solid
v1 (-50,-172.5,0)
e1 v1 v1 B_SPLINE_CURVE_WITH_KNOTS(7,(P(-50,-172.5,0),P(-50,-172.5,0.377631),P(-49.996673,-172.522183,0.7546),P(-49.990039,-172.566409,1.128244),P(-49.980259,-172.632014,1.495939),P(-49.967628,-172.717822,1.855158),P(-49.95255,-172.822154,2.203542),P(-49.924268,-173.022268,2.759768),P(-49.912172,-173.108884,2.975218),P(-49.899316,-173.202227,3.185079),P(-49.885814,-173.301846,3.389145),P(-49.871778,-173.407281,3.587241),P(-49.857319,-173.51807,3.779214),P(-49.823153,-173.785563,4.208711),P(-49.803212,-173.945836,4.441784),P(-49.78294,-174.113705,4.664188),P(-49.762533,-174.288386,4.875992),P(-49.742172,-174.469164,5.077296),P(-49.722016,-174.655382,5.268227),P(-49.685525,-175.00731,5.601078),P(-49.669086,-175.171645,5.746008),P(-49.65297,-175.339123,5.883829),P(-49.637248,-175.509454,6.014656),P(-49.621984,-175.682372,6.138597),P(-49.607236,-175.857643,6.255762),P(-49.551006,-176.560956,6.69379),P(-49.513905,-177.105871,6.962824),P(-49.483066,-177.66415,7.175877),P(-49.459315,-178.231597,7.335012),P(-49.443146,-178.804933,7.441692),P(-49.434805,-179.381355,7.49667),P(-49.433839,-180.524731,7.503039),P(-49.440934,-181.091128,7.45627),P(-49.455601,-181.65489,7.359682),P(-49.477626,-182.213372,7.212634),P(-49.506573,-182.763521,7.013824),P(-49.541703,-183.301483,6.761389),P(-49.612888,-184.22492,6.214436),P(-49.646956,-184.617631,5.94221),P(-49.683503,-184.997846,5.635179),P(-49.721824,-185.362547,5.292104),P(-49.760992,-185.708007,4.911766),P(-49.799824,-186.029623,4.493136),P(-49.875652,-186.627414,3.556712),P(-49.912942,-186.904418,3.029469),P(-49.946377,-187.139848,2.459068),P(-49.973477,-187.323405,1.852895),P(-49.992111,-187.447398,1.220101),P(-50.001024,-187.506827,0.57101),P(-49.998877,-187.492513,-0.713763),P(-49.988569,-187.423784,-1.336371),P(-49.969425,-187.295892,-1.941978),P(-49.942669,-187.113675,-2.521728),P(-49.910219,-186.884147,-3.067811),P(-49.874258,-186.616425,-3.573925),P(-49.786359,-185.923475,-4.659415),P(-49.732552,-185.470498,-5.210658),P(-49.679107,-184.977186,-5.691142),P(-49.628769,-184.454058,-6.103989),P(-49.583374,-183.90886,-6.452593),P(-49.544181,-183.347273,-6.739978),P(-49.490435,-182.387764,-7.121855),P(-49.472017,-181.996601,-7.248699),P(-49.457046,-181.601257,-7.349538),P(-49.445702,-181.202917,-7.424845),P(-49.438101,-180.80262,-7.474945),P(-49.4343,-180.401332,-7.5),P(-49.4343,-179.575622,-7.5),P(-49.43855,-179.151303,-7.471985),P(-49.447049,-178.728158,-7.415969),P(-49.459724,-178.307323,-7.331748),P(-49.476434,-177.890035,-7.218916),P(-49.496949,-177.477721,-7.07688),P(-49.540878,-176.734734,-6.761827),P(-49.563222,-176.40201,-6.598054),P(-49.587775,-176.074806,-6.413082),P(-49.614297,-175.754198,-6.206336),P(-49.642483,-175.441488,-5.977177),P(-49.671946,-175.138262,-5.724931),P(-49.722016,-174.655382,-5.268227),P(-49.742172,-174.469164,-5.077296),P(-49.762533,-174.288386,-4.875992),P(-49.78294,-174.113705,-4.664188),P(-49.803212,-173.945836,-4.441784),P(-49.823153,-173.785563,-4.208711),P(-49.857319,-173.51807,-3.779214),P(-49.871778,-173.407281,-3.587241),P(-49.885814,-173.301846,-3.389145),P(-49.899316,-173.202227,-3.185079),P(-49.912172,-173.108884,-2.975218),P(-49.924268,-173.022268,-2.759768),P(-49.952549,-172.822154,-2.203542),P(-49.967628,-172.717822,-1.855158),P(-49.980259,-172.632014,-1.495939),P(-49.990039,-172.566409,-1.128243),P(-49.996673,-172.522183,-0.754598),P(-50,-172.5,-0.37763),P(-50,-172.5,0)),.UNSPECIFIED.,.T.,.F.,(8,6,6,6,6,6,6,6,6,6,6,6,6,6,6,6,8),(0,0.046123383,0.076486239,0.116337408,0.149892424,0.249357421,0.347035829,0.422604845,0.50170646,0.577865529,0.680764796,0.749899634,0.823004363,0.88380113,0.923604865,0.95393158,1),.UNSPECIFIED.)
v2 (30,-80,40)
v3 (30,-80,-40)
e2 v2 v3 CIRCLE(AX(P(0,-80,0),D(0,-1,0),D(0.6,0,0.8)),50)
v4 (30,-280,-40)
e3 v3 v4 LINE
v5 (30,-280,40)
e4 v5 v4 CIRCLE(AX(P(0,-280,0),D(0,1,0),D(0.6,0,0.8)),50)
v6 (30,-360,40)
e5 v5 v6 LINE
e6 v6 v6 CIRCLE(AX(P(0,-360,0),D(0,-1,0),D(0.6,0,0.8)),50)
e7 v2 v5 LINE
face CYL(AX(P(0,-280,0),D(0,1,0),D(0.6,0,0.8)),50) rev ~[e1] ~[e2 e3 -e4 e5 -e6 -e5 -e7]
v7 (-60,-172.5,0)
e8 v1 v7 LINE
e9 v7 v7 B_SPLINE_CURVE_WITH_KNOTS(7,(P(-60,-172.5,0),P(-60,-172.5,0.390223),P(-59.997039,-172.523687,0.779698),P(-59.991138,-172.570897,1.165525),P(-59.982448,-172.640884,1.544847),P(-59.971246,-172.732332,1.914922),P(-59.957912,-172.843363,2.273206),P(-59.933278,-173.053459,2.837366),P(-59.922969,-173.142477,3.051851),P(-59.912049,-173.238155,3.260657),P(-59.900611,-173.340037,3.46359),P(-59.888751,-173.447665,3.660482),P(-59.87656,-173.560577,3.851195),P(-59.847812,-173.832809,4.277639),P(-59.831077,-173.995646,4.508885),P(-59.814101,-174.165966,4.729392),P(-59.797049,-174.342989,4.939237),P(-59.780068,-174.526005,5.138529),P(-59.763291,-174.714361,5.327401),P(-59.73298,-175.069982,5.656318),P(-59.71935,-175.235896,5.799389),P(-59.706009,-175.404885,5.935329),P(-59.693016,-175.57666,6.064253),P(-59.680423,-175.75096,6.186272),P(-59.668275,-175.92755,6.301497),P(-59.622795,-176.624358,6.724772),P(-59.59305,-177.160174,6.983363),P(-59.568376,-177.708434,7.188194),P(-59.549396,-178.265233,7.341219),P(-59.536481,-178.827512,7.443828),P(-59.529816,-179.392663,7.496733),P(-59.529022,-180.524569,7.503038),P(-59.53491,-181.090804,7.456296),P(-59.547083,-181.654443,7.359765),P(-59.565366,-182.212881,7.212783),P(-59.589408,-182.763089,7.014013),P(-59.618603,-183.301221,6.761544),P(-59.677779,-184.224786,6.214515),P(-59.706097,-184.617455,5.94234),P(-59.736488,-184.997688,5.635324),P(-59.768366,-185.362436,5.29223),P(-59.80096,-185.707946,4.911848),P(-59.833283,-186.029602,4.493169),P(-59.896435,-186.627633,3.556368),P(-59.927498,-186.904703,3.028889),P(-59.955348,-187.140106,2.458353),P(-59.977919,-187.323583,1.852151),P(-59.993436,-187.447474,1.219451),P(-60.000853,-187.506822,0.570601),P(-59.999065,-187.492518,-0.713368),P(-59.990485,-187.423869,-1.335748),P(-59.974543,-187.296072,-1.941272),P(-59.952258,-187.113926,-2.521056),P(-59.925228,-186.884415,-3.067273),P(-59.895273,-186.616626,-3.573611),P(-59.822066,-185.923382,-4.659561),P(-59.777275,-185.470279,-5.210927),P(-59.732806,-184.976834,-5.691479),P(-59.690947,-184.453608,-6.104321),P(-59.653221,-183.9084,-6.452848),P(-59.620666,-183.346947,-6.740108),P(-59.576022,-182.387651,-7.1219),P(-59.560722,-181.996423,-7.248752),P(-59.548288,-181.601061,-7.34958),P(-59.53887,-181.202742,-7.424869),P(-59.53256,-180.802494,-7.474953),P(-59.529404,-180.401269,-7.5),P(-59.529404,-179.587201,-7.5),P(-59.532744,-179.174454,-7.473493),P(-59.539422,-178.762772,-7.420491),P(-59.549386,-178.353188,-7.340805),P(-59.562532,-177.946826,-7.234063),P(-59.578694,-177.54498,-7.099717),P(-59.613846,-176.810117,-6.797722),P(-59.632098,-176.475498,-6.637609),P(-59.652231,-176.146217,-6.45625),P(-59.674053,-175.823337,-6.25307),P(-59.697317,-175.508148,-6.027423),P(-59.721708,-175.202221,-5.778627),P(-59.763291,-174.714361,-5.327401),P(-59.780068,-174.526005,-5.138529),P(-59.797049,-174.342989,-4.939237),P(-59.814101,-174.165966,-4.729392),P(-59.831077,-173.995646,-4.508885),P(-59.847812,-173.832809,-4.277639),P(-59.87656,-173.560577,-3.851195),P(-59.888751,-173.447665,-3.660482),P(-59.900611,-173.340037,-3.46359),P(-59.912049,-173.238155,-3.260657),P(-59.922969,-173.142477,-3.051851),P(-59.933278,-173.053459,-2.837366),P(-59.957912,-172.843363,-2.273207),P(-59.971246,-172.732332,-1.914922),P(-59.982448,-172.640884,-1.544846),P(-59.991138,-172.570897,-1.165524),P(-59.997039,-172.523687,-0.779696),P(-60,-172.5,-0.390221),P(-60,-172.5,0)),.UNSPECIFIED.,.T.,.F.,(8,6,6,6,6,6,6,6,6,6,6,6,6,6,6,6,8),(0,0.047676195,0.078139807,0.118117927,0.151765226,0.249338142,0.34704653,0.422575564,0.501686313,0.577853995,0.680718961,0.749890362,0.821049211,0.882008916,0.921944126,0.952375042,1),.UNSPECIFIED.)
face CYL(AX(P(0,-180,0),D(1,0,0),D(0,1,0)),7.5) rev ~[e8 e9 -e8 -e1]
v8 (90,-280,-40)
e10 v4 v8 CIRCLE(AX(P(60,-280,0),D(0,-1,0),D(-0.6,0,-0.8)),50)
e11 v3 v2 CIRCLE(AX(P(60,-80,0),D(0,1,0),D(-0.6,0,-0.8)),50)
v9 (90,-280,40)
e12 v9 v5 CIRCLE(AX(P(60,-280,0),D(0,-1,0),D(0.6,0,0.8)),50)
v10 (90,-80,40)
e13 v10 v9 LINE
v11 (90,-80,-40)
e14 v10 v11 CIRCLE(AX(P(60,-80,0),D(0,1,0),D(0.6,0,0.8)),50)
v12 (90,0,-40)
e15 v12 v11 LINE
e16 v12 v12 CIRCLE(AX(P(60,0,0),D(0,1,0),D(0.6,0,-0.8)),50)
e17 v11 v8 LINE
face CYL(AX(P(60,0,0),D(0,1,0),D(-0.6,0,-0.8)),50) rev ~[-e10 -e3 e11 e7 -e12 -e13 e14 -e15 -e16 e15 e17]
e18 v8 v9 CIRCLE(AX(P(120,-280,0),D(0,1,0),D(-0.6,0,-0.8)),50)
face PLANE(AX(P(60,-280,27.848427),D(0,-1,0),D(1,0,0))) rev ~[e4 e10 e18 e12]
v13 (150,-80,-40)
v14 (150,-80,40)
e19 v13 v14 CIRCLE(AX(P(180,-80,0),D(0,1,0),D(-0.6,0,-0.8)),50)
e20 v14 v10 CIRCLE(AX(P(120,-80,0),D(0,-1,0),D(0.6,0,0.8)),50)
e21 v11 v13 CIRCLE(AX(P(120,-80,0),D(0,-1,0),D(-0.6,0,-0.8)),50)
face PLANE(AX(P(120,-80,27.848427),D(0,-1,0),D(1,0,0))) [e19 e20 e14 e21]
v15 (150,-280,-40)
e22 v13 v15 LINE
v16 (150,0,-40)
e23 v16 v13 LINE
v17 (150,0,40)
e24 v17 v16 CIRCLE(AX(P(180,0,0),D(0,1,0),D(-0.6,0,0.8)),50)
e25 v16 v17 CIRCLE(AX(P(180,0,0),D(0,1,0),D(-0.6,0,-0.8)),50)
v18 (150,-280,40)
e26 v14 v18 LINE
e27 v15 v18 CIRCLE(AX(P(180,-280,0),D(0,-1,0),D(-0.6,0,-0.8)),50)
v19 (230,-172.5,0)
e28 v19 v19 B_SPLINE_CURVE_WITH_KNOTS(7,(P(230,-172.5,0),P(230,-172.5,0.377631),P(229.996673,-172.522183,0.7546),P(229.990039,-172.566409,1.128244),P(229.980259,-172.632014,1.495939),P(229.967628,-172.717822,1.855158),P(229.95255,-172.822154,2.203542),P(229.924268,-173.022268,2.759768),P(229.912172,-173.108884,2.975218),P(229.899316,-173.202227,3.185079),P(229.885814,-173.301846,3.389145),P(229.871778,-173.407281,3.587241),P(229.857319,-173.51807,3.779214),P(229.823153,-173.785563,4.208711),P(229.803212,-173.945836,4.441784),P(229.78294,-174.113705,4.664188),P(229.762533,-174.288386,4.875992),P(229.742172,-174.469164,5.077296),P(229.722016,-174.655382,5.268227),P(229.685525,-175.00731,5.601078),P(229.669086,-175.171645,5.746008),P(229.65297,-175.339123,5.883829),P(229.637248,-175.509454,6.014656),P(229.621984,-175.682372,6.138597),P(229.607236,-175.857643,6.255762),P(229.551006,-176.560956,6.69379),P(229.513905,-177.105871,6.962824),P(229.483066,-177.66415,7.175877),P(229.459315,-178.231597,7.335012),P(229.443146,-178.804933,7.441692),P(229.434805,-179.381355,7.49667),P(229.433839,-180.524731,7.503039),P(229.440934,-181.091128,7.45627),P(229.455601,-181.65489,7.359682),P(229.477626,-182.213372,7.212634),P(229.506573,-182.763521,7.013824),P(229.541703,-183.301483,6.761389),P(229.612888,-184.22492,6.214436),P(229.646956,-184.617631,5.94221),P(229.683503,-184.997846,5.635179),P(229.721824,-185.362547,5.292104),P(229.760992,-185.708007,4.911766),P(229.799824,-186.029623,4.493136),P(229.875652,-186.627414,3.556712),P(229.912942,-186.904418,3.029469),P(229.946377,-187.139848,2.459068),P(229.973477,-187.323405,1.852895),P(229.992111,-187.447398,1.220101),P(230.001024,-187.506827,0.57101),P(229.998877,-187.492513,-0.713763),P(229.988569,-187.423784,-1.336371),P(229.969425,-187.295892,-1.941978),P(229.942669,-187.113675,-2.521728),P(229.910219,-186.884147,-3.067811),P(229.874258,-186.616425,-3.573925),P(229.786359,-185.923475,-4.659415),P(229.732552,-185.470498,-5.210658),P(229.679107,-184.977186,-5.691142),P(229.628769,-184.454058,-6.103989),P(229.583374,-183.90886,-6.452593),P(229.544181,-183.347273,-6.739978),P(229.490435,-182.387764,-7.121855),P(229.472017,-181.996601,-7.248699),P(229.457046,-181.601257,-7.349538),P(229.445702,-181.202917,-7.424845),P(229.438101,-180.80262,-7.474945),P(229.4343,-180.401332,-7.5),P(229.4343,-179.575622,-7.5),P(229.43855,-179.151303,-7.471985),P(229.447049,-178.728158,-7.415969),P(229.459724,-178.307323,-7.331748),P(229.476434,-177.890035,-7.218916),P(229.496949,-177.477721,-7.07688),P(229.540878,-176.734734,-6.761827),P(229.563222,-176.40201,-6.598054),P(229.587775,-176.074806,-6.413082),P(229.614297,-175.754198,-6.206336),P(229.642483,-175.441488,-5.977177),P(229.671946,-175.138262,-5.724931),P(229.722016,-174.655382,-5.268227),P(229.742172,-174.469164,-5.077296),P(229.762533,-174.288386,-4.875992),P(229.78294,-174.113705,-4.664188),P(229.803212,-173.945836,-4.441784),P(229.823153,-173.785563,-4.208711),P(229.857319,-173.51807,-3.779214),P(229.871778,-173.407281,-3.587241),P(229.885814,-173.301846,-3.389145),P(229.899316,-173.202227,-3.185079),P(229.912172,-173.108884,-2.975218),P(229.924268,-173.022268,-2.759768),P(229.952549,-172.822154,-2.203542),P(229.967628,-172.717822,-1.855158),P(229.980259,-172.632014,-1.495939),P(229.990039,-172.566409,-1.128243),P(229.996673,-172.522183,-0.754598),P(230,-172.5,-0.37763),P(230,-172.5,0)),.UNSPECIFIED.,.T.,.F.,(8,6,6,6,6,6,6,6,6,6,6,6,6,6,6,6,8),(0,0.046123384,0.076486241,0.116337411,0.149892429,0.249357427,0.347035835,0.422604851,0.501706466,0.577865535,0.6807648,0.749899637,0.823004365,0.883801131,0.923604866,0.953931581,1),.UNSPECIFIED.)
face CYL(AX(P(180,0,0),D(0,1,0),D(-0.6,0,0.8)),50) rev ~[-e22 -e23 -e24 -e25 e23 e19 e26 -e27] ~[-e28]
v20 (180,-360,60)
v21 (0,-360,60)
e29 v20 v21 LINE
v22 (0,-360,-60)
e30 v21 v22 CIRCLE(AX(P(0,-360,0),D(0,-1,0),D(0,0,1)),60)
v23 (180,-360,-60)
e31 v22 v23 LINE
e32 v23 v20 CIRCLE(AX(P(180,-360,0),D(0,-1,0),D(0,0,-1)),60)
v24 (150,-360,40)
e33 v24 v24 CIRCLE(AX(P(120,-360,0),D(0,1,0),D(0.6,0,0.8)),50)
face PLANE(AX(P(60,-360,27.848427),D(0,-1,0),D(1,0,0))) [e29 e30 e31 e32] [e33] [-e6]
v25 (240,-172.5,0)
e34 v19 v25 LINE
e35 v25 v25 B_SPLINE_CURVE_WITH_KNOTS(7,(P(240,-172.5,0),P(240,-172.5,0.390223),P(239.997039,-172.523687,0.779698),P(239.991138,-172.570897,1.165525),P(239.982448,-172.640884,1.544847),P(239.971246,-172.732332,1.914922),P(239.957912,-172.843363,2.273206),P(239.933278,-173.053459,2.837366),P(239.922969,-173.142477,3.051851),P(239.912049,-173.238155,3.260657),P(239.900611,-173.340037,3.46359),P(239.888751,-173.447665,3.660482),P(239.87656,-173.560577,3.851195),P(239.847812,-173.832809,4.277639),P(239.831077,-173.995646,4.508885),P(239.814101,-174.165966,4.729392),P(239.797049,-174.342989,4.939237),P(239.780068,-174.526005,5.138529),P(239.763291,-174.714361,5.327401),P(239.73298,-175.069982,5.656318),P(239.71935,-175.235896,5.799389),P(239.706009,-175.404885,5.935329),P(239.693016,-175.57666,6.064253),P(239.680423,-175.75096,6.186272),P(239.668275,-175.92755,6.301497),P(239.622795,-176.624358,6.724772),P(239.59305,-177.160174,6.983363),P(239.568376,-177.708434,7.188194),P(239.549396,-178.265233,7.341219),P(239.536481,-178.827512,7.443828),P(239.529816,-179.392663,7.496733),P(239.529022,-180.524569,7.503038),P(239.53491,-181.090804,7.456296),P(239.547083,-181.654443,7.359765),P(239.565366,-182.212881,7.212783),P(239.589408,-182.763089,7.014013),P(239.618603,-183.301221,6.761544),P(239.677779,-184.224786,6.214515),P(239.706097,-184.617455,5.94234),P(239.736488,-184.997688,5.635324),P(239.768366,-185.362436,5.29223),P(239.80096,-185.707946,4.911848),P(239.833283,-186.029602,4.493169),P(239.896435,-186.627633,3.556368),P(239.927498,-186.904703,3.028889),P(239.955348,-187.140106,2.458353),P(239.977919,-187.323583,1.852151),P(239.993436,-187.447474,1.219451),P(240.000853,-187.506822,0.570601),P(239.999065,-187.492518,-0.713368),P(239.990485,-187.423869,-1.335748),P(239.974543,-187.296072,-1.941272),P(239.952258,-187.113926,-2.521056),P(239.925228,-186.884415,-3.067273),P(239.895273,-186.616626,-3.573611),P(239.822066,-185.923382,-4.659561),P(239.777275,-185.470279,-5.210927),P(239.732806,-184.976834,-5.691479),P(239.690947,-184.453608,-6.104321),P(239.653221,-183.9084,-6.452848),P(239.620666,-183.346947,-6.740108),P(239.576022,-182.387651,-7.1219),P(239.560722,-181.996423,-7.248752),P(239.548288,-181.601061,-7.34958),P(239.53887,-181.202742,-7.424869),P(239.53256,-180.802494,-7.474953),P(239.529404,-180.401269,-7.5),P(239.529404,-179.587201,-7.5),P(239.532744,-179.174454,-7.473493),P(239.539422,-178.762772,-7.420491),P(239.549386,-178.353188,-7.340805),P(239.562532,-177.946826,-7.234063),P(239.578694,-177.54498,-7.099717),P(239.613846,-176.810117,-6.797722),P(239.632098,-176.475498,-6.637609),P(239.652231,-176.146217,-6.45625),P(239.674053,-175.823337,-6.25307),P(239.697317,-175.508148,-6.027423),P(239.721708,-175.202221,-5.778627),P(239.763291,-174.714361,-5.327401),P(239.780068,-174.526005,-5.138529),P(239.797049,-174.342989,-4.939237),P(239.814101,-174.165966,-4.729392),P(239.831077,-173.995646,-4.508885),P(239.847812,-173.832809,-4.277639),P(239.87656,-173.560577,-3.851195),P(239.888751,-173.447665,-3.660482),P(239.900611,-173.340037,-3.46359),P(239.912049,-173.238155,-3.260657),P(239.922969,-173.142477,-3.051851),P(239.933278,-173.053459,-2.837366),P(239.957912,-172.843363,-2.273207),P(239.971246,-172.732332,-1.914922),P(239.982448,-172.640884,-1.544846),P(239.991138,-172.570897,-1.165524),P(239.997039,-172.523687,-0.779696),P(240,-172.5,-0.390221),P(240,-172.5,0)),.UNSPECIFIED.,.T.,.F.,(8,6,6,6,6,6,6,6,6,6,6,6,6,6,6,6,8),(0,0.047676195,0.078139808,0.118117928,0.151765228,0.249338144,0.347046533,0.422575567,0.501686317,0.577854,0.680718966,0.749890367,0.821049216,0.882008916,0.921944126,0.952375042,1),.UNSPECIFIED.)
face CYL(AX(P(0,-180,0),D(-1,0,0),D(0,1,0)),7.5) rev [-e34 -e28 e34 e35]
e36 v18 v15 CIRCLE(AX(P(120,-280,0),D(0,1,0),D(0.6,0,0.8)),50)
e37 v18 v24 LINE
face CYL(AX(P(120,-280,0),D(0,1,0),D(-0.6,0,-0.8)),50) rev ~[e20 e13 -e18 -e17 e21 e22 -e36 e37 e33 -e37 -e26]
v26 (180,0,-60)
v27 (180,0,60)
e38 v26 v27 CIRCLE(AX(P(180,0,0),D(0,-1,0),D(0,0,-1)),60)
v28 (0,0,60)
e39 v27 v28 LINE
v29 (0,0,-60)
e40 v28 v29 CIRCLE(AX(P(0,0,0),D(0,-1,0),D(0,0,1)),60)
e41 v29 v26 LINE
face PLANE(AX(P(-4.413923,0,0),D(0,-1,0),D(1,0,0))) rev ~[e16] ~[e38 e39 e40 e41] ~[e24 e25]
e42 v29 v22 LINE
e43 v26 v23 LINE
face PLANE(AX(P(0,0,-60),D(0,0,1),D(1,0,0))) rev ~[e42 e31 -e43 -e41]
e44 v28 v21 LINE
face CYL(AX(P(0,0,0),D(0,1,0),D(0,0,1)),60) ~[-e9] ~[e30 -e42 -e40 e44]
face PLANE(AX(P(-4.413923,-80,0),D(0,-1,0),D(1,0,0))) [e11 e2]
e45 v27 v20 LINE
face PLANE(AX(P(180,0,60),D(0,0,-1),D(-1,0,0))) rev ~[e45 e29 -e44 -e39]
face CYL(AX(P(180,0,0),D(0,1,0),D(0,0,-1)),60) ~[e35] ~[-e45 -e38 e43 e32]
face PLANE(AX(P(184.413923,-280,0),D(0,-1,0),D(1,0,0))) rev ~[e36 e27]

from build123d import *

# Parameters (mm, degrees)
F1_DEPTH      = 360
F2_R          = 7.5
F3_DEPTH      = 60.001
F3_DEPTH_BACK = 240.001
F4_START      = 280
F4_DEPTH      = 80
F5_DEPTH      = 80


with BuildPart() as f1:
    # F0 (on Front) → F1 (new body)
    with BuildSketch(Plane.XZ):
        with BuildLine():
            Line((180, 60), (0, 60))
            ThreePointArc((0, 60), (-60, 0), (0, -60))
            Line((0, -60), (180, -60))
            ThreePointArc((180, -60), (240, 0), (180, 60))
        make_face()
        with BuildLine():
            ThreePointArc((30, -40), (-50, 0), (30, 40))
            ThreePointArc((30, 40), (60, 50), (90, 40))
            ThreePointArc((90, 40), (120, 50), (150, 40))
            ThreePointArc((150, 40), (202.360679775, 44.72135955), (230, 0))
            ThreePointArc((230, 0), (202.360679775, -44.72135955), (150, -40))
            ThreePointArc((150, -40), (120, -50), (90, -40))
            ThreePointArc((90, -40), (60, -50), (30, -40))
        make_face(mode=Mode.SUBTRACT)
    extrude(amount=F1_DEPTH)

    # F2 (on Right) → F3 (cut, two sides)
    with BuildSketch(Plane.YZ) as f3_sk:
        with Locations((-180, 0)):
            Circle(F2_R)
    extrude(amount=-F3_DEPTH, mode=Mode.SUBTRACT)
    extrude(f3_sk.sketch, amount=F3_DEPTH_BACK, mode=Mode.SUBTRACT)

    # F0 (on Front) → F4 (join)
    with BuildSketch(Plane.XZ.offset(F4_START)):
        with BuildLine():
            ThreePointArc((30, 40), (44.72135955, 22.360679775), (50, 0))
            Line((50, 0), (60, 0))
            Line((60, 0), (70, 0))
            ThreePointArc((70, 0), (75.27864045, 22.360679775), (90, 40))
            ThreePointArc((90, 40), (60, 50), (30, 40))
        make_face()
        with BuildLine():
            Line((60, 0), (50, 0))
            ThreePointArc((50, 0), (44.72135955, -22.360679775), (30, -40))
            ThreePointArc((30, -40), (60, -50), (90, -40))
            ThreePointArc((90, -40), (75.27864045, -22.360679775), (70, 0))
            Line((70, 0), (60, 0))
        make_face()
        with BuildLine():
            ThreePointArc((230, 0), (202.360679775, 44.72135955), (150, 40))
            ThreePointArc((150, 40), (164.72135955, 22.360679775), (170, 0))
            ThreePointArc((170, 0), (164.72135955, -22.360679775), (150, -40))
            ThreePointArc((150, -40), (202.360679775, -44.72135955), (230, 0))
        make_face()
    extrude(amount=F4_DEPTH)

    # F0 (on Front) → F5 (join)
    with BuildSketch(Plane.XZ):
        with BuildLine():
            ThreePointArc((10, 0), (15.27864045, 22.360679775), (30, 40))
            ThreePointArc((30, 40), (-50, 0), (30, -40))
            ThreePointArc((30, -40), (15.27864045, -22.360679775), (10, 0))
        make_face()
        with BuildLine():
            ThreePointArc((150, 40), (120, 50), (90, 40))
            ThreePointArc((90, 40), (104.72135955, 22.360679775), (110, 0))
            Line((110, 0), (120, 0))
            Line((120, 0), (130, 0))
            ThreePointArc((130, 0), (135.27864045, 22.360679775), (150, 40))
        make_face()
        with BuildLine():
            ThreePointArc((110, 0), (104.72135955, -22.360679775), (90, -40))
            ThreePointArc((90, -40), (120, -50), (150, -40))
            ThreePointArc((150, -40), (135.27864045, -22.360679775), (130, 0))
            Line((130, 0), (120, 0))
            Line((120, 0), (110, 0))
        make_face()
    extrude(amount=F5_DEPTH)


solid = f1.part
